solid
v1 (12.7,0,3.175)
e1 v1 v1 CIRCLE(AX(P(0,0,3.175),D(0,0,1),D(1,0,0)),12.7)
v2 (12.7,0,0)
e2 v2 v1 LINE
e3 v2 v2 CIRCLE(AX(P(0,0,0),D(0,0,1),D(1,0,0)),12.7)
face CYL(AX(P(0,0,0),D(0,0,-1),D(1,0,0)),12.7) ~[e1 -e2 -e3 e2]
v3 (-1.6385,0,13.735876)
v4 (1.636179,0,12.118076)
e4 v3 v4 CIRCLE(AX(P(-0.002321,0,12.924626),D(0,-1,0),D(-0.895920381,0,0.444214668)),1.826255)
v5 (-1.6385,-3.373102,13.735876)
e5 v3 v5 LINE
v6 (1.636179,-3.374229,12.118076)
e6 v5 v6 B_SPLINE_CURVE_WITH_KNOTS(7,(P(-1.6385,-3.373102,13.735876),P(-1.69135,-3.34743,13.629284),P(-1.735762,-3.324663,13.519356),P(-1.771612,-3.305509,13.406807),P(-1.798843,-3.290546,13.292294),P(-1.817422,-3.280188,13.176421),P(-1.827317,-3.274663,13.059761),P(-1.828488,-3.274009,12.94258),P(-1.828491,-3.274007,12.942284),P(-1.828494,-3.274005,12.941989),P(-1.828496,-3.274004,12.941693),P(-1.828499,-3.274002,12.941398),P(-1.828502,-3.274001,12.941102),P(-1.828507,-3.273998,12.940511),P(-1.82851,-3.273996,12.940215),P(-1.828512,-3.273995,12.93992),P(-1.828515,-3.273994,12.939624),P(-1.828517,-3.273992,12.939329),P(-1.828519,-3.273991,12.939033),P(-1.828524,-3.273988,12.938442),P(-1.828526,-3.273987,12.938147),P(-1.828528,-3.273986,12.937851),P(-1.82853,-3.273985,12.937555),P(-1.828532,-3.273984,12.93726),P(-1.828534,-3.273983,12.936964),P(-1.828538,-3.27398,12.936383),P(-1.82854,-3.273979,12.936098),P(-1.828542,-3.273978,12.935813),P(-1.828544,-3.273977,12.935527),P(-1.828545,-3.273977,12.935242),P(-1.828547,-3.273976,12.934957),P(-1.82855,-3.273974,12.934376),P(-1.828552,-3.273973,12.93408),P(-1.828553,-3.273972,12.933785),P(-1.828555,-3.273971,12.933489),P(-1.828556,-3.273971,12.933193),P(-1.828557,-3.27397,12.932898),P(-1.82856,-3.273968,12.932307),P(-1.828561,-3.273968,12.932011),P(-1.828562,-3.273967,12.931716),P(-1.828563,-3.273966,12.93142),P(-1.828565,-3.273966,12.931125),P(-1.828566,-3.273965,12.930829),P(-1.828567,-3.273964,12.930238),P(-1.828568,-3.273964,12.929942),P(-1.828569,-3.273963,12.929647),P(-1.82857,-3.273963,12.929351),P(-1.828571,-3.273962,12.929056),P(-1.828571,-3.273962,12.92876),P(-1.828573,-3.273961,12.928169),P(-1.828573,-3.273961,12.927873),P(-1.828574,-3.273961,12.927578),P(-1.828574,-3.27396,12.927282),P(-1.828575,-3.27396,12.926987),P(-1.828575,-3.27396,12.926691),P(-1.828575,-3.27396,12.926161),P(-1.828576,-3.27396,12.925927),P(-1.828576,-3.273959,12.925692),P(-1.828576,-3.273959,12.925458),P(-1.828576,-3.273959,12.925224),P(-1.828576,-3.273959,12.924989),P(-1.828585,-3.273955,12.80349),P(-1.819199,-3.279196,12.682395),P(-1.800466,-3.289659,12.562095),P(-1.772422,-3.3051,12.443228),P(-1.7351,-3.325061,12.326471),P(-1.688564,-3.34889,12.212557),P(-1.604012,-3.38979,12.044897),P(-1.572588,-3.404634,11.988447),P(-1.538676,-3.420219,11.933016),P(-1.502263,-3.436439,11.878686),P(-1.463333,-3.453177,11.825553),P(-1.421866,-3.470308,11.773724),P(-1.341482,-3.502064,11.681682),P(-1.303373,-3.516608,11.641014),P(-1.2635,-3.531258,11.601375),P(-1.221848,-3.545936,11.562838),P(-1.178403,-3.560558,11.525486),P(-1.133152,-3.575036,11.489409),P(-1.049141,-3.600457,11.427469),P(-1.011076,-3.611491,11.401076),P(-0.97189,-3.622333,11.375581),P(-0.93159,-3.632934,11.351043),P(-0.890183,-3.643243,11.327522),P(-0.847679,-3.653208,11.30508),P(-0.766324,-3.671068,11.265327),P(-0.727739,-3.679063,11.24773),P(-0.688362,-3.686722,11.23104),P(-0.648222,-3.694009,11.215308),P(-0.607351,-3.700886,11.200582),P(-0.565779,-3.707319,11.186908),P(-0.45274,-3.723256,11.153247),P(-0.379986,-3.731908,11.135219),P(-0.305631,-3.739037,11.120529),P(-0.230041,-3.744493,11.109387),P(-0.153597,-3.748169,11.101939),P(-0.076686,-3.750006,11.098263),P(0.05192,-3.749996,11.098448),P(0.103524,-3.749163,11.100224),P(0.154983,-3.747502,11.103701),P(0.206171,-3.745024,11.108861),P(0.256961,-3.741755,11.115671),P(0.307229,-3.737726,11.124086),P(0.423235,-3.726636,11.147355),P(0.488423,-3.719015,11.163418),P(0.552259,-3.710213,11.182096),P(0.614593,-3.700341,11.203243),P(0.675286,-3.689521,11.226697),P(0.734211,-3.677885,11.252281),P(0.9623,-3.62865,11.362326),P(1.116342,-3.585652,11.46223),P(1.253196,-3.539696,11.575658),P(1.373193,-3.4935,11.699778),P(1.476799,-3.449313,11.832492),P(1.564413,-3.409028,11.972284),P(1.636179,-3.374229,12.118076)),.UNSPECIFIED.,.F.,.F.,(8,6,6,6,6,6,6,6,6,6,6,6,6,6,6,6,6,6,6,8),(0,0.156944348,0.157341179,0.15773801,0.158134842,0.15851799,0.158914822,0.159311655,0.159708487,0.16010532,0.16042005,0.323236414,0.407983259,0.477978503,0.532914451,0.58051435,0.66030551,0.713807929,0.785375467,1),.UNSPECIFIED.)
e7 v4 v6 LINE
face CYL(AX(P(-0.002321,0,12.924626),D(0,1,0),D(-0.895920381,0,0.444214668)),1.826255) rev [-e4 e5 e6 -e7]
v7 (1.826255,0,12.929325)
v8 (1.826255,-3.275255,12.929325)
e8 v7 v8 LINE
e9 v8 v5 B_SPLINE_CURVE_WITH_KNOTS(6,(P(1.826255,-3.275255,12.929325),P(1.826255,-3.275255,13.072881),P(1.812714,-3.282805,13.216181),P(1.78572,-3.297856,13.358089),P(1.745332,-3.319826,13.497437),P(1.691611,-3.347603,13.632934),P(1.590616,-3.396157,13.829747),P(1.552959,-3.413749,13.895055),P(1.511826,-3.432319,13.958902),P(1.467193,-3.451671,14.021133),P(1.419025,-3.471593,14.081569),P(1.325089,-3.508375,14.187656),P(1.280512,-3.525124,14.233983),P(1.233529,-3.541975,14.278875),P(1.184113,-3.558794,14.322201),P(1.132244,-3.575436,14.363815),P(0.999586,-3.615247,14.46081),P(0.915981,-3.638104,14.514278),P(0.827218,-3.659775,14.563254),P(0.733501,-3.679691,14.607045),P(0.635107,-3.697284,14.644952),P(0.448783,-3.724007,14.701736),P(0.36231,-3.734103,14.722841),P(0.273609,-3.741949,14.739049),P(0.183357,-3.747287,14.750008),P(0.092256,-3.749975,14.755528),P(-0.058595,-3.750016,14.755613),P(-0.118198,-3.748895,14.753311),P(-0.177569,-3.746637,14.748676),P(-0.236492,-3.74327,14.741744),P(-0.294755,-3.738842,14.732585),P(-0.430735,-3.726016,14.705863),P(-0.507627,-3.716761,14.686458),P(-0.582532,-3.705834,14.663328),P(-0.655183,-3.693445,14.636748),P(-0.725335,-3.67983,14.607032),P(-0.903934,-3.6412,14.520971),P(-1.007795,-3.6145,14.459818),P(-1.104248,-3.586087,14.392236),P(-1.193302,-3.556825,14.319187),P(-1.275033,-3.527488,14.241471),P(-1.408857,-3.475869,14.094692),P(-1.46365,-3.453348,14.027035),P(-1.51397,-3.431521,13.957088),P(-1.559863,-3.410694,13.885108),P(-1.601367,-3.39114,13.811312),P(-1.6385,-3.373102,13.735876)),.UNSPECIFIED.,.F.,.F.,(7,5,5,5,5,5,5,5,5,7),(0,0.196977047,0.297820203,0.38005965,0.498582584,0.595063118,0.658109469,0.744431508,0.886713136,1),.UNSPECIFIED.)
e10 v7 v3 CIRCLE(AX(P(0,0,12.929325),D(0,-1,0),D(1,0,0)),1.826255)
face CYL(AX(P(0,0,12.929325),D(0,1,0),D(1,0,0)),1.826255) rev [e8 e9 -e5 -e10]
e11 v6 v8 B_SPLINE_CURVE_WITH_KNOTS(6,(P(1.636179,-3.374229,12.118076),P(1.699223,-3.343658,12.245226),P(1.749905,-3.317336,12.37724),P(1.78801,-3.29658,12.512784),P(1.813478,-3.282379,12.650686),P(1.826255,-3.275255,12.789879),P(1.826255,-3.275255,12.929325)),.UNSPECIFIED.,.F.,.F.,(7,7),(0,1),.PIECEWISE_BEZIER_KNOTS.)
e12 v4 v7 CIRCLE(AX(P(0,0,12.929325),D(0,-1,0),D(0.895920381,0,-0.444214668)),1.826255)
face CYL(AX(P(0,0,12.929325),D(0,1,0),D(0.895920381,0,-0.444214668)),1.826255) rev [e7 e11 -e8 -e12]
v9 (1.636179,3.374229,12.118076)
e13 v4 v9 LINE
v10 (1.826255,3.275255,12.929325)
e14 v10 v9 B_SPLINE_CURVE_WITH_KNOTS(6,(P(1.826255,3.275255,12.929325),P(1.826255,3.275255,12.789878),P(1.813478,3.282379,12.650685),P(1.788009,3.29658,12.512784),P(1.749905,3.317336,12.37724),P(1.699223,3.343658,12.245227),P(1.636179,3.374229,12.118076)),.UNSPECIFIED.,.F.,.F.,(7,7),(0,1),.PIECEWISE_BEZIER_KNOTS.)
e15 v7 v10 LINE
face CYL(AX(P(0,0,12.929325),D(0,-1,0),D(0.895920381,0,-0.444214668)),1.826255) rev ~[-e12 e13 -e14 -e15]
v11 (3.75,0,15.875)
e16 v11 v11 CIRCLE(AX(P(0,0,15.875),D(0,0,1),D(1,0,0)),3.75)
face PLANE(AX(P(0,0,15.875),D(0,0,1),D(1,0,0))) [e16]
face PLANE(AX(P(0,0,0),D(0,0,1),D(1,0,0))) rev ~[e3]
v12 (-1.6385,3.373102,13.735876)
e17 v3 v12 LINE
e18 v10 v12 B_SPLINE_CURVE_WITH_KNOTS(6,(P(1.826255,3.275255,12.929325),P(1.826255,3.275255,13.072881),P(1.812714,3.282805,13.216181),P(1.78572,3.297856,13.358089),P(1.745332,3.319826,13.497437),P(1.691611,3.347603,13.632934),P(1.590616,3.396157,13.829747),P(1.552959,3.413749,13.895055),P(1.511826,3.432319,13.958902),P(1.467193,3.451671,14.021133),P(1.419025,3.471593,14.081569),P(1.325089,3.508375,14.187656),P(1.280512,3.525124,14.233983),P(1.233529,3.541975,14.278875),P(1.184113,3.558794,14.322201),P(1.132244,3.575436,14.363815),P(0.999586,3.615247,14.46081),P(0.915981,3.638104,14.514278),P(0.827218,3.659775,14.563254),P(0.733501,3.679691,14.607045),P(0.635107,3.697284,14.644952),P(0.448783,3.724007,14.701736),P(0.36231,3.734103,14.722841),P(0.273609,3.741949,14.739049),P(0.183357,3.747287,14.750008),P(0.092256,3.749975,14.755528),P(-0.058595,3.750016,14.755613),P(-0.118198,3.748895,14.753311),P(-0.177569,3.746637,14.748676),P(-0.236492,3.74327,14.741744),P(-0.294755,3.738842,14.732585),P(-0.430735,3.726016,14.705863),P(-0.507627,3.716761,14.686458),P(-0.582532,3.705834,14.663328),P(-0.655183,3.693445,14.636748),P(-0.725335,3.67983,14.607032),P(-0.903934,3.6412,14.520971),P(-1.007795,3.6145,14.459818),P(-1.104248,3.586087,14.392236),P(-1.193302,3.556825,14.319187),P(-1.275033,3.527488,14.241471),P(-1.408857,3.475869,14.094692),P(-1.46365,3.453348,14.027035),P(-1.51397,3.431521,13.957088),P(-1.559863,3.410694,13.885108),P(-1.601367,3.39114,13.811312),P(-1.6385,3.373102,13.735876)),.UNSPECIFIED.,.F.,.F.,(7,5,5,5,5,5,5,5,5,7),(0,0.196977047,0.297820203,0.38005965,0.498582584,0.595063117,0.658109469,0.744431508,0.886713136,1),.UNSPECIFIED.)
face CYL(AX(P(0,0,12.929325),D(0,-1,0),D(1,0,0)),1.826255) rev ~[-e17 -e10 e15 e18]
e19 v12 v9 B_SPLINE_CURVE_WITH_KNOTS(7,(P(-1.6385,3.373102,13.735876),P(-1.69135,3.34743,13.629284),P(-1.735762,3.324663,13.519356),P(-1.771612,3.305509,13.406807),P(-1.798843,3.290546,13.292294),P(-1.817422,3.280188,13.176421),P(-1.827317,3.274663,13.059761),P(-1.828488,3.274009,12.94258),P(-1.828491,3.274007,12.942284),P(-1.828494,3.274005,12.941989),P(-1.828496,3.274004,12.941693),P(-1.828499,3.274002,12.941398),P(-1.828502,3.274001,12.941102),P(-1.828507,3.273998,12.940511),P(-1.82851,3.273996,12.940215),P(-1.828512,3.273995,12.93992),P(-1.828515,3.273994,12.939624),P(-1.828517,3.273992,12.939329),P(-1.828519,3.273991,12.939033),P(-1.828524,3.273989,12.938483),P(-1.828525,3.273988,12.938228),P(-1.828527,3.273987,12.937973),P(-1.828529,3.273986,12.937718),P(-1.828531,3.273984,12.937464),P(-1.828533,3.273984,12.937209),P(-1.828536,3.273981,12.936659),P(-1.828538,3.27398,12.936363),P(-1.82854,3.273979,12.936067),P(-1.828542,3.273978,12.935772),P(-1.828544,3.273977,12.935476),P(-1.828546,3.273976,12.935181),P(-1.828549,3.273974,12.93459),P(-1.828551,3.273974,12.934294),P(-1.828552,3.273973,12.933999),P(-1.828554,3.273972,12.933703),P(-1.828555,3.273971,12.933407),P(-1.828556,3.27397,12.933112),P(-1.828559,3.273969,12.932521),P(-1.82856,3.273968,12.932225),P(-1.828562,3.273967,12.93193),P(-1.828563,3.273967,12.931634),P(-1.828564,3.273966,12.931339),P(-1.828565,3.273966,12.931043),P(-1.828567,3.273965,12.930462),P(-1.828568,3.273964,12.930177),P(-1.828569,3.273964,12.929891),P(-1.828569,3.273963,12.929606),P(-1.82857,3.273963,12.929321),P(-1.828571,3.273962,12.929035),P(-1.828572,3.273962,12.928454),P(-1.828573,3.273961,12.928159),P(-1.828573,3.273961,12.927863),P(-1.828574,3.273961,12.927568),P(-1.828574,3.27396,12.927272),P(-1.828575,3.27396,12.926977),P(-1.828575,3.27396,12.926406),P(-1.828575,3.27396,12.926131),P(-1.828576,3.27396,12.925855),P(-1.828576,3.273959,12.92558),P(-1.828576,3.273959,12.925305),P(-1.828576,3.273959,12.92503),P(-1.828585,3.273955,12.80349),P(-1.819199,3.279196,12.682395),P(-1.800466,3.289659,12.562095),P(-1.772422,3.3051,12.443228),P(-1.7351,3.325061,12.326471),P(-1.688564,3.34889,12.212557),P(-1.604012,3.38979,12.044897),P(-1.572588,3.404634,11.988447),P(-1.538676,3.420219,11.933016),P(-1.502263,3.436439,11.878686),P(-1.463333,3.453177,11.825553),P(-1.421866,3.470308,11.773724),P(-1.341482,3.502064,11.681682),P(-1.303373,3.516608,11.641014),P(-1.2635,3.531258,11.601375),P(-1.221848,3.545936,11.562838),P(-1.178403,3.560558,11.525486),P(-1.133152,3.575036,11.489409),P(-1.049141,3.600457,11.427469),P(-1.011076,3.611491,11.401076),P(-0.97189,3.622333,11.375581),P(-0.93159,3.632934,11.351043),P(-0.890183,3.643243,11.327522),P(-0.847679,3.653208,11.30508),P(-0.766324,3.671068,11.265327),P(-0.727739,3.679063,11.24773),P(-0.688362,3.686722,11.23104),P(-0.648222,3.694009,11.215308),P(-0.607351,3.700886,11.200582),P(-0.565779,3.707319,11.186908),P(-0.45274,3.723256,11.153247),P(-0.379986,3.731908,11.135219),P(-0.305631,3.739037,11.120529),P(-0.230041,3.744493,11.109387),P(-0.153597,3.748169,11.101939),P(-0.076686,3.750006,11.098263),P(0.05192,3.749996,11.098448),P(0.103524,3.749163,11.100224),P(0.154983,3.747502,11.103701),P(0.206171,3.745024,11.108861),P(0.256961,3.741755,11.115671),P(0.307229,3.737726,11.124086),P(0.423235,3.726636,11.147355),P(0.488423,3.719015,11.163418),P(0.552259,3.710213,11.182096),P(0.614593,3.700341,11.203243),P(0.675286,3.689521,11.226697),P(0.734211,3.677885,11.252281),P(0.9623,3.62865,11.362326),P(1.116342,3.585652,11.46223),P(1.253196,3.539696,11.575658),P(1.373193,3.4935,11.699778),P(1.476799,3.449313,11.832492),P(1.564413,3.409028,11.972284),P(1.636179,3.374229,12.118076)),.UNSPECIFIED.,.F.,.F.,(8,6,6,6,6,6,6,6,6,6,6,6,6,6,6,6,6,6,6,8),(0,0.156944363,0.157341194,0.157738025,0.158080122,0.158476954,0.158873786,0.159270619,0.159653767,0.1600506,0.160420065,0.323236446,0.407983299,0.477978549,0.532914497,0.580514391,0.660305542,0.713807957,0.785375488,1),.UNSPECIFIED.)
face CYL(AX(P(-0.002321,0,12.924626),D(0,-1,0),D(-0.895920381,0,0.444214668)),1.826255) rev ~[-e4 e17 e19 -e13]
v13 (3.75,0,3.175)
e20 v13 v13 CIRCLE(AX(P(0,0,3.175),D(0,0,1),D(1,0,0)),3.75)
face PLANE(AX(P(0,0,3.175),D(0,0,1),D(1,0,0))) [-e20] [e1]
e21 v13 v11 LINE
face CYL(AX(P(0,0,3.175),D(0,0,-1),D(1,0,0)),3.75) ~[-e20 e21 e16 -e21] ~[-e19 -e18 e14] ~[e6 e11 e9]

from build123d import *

# Parameters (mm, degrees)
F0_R     = 12.7
F1_DEPTH = 3.175
F2_R     = 3.75
F3_DEPTH = 12.7
F5_DEPTH = 5.08
F6_DEPTH = 25.4


with BuildPart() as f1:
    # F0 (on Top) → F1 (new body)
    with BuildSketch(Plane.XY):
        Circle(F0_R)
    extrude(amount=F1_DEPTH)

    # F2 (on face) → F3 (join)
    with BuildSketch(Plane.XY.offset(3.175)):
        Circle(F2_R)
    extrude(amount=F3_DEPTH)

    # F4 (on Front) → F5 (cut)
    with BuildSketch(Plane.XZ):
        with BuildLine():
            ThreePointArc((1.6361789283, 12.118075807), (1.7781010103, 12.5127154354), (1.8262548359, 12.929324992))
            ThreePointArc((1.8262548359, 12.929324992), (0.4140579041, 14.7080219245), (-1.6385001539, 13.7358756546))
            ThreePointArc((-1.6385001539, 13.7358756546), (0.4142883311, 14.7027274799), (1.8239336103, 12.9246264696))
            ThreePointArc((1.8239336103, 12.9246264696), (1.7763757069, 12.5105685655), (1.6361789283, 12.118075807))
        make_face()
        with BuildLine():
            ThreePointArc((1.8239336103, 12.9246264696), (0.4142883311, 14.7027274799), (-1.6385001539, 13.7358756546))
            ThreePointArc((-1.6385001539, 13.7358756546), (-0.8089007564, 11.2919837656), (1.6361789283, 12.118075807))
            ThreePointArc((1.6361789283, 12.118075807), (1.7763757069, 12.5105685655), (1.8239336103, 12.9246264696))
        make_face()
        with BuildLine():
            ThreePointArc((1.6361789283, 12.118075807), (-0.8089007564, 11.2919837656), (-1.6385001539, 13.7358756546))
            ThreePointArc((-1.6385001539, 13.7358756546), (-0.811221982, 11.2872852432), (1.6361789283, 12.118075807))
        make_face()
    extrude(amount=F5_DEPTH, mode=Mode.SUBTRACT)

    # F4 (on Front) → F6 (cut)
    with BuildSketch(Plane.XZ):
        with BuildLine():
            ThreePointArc((1.6361789283, 12.118075807), (1.7781010103, 12.5127154354), (1.8262548359, 12.929324992))
            ThreePointArc((1.8262548359, 12.929324992), (0.4140579041, 14.7080219245), (-1.6385001539, 13.7358756546))
            ThreePointArc((-1.6385001539, 13.7358756546), (0.4142883311, 14.7027274799), (1.8239336103, 12.9246264696))
            ThreePointArc((1.8239336103, 12.9246264696), (1.7763757069, 12.5105685655), (1.6361789283, 12.118075807))
        make_face()
        with BuildLine():
            ThreePointArc((1.8239336103, 12.9246264696), (0.4142883311, 14.7027274799), (-1.6385001539, 13.7358756546))
            ThreePointArc((-1.6385001539, 13.7358756546), (-0.8089007564, 11.2919837656), (1.6361789283, 12.118075807))
            ThreePointArc((1.6361789283, 12.118075807), (1.7763757069, 12.5105685655), (1.8239336103, 12.9246264696))
        make_face()
        with BuildLine():
            ThreePointArc((1.6361789283, 12.118075807), (-0.8089007564, 11.2919837656), (-1.6385001539, 13.7358756546))
            ThreePointArc((-1.6385001539, 13.7358756546), (-0.811221982, 11.2872852432), (1.6361789283, 12.118075807))
        make_face()
    extrude(amount=-F6_DEPTH, mode=Mode.SUBTRACT)


solid = f1.part
